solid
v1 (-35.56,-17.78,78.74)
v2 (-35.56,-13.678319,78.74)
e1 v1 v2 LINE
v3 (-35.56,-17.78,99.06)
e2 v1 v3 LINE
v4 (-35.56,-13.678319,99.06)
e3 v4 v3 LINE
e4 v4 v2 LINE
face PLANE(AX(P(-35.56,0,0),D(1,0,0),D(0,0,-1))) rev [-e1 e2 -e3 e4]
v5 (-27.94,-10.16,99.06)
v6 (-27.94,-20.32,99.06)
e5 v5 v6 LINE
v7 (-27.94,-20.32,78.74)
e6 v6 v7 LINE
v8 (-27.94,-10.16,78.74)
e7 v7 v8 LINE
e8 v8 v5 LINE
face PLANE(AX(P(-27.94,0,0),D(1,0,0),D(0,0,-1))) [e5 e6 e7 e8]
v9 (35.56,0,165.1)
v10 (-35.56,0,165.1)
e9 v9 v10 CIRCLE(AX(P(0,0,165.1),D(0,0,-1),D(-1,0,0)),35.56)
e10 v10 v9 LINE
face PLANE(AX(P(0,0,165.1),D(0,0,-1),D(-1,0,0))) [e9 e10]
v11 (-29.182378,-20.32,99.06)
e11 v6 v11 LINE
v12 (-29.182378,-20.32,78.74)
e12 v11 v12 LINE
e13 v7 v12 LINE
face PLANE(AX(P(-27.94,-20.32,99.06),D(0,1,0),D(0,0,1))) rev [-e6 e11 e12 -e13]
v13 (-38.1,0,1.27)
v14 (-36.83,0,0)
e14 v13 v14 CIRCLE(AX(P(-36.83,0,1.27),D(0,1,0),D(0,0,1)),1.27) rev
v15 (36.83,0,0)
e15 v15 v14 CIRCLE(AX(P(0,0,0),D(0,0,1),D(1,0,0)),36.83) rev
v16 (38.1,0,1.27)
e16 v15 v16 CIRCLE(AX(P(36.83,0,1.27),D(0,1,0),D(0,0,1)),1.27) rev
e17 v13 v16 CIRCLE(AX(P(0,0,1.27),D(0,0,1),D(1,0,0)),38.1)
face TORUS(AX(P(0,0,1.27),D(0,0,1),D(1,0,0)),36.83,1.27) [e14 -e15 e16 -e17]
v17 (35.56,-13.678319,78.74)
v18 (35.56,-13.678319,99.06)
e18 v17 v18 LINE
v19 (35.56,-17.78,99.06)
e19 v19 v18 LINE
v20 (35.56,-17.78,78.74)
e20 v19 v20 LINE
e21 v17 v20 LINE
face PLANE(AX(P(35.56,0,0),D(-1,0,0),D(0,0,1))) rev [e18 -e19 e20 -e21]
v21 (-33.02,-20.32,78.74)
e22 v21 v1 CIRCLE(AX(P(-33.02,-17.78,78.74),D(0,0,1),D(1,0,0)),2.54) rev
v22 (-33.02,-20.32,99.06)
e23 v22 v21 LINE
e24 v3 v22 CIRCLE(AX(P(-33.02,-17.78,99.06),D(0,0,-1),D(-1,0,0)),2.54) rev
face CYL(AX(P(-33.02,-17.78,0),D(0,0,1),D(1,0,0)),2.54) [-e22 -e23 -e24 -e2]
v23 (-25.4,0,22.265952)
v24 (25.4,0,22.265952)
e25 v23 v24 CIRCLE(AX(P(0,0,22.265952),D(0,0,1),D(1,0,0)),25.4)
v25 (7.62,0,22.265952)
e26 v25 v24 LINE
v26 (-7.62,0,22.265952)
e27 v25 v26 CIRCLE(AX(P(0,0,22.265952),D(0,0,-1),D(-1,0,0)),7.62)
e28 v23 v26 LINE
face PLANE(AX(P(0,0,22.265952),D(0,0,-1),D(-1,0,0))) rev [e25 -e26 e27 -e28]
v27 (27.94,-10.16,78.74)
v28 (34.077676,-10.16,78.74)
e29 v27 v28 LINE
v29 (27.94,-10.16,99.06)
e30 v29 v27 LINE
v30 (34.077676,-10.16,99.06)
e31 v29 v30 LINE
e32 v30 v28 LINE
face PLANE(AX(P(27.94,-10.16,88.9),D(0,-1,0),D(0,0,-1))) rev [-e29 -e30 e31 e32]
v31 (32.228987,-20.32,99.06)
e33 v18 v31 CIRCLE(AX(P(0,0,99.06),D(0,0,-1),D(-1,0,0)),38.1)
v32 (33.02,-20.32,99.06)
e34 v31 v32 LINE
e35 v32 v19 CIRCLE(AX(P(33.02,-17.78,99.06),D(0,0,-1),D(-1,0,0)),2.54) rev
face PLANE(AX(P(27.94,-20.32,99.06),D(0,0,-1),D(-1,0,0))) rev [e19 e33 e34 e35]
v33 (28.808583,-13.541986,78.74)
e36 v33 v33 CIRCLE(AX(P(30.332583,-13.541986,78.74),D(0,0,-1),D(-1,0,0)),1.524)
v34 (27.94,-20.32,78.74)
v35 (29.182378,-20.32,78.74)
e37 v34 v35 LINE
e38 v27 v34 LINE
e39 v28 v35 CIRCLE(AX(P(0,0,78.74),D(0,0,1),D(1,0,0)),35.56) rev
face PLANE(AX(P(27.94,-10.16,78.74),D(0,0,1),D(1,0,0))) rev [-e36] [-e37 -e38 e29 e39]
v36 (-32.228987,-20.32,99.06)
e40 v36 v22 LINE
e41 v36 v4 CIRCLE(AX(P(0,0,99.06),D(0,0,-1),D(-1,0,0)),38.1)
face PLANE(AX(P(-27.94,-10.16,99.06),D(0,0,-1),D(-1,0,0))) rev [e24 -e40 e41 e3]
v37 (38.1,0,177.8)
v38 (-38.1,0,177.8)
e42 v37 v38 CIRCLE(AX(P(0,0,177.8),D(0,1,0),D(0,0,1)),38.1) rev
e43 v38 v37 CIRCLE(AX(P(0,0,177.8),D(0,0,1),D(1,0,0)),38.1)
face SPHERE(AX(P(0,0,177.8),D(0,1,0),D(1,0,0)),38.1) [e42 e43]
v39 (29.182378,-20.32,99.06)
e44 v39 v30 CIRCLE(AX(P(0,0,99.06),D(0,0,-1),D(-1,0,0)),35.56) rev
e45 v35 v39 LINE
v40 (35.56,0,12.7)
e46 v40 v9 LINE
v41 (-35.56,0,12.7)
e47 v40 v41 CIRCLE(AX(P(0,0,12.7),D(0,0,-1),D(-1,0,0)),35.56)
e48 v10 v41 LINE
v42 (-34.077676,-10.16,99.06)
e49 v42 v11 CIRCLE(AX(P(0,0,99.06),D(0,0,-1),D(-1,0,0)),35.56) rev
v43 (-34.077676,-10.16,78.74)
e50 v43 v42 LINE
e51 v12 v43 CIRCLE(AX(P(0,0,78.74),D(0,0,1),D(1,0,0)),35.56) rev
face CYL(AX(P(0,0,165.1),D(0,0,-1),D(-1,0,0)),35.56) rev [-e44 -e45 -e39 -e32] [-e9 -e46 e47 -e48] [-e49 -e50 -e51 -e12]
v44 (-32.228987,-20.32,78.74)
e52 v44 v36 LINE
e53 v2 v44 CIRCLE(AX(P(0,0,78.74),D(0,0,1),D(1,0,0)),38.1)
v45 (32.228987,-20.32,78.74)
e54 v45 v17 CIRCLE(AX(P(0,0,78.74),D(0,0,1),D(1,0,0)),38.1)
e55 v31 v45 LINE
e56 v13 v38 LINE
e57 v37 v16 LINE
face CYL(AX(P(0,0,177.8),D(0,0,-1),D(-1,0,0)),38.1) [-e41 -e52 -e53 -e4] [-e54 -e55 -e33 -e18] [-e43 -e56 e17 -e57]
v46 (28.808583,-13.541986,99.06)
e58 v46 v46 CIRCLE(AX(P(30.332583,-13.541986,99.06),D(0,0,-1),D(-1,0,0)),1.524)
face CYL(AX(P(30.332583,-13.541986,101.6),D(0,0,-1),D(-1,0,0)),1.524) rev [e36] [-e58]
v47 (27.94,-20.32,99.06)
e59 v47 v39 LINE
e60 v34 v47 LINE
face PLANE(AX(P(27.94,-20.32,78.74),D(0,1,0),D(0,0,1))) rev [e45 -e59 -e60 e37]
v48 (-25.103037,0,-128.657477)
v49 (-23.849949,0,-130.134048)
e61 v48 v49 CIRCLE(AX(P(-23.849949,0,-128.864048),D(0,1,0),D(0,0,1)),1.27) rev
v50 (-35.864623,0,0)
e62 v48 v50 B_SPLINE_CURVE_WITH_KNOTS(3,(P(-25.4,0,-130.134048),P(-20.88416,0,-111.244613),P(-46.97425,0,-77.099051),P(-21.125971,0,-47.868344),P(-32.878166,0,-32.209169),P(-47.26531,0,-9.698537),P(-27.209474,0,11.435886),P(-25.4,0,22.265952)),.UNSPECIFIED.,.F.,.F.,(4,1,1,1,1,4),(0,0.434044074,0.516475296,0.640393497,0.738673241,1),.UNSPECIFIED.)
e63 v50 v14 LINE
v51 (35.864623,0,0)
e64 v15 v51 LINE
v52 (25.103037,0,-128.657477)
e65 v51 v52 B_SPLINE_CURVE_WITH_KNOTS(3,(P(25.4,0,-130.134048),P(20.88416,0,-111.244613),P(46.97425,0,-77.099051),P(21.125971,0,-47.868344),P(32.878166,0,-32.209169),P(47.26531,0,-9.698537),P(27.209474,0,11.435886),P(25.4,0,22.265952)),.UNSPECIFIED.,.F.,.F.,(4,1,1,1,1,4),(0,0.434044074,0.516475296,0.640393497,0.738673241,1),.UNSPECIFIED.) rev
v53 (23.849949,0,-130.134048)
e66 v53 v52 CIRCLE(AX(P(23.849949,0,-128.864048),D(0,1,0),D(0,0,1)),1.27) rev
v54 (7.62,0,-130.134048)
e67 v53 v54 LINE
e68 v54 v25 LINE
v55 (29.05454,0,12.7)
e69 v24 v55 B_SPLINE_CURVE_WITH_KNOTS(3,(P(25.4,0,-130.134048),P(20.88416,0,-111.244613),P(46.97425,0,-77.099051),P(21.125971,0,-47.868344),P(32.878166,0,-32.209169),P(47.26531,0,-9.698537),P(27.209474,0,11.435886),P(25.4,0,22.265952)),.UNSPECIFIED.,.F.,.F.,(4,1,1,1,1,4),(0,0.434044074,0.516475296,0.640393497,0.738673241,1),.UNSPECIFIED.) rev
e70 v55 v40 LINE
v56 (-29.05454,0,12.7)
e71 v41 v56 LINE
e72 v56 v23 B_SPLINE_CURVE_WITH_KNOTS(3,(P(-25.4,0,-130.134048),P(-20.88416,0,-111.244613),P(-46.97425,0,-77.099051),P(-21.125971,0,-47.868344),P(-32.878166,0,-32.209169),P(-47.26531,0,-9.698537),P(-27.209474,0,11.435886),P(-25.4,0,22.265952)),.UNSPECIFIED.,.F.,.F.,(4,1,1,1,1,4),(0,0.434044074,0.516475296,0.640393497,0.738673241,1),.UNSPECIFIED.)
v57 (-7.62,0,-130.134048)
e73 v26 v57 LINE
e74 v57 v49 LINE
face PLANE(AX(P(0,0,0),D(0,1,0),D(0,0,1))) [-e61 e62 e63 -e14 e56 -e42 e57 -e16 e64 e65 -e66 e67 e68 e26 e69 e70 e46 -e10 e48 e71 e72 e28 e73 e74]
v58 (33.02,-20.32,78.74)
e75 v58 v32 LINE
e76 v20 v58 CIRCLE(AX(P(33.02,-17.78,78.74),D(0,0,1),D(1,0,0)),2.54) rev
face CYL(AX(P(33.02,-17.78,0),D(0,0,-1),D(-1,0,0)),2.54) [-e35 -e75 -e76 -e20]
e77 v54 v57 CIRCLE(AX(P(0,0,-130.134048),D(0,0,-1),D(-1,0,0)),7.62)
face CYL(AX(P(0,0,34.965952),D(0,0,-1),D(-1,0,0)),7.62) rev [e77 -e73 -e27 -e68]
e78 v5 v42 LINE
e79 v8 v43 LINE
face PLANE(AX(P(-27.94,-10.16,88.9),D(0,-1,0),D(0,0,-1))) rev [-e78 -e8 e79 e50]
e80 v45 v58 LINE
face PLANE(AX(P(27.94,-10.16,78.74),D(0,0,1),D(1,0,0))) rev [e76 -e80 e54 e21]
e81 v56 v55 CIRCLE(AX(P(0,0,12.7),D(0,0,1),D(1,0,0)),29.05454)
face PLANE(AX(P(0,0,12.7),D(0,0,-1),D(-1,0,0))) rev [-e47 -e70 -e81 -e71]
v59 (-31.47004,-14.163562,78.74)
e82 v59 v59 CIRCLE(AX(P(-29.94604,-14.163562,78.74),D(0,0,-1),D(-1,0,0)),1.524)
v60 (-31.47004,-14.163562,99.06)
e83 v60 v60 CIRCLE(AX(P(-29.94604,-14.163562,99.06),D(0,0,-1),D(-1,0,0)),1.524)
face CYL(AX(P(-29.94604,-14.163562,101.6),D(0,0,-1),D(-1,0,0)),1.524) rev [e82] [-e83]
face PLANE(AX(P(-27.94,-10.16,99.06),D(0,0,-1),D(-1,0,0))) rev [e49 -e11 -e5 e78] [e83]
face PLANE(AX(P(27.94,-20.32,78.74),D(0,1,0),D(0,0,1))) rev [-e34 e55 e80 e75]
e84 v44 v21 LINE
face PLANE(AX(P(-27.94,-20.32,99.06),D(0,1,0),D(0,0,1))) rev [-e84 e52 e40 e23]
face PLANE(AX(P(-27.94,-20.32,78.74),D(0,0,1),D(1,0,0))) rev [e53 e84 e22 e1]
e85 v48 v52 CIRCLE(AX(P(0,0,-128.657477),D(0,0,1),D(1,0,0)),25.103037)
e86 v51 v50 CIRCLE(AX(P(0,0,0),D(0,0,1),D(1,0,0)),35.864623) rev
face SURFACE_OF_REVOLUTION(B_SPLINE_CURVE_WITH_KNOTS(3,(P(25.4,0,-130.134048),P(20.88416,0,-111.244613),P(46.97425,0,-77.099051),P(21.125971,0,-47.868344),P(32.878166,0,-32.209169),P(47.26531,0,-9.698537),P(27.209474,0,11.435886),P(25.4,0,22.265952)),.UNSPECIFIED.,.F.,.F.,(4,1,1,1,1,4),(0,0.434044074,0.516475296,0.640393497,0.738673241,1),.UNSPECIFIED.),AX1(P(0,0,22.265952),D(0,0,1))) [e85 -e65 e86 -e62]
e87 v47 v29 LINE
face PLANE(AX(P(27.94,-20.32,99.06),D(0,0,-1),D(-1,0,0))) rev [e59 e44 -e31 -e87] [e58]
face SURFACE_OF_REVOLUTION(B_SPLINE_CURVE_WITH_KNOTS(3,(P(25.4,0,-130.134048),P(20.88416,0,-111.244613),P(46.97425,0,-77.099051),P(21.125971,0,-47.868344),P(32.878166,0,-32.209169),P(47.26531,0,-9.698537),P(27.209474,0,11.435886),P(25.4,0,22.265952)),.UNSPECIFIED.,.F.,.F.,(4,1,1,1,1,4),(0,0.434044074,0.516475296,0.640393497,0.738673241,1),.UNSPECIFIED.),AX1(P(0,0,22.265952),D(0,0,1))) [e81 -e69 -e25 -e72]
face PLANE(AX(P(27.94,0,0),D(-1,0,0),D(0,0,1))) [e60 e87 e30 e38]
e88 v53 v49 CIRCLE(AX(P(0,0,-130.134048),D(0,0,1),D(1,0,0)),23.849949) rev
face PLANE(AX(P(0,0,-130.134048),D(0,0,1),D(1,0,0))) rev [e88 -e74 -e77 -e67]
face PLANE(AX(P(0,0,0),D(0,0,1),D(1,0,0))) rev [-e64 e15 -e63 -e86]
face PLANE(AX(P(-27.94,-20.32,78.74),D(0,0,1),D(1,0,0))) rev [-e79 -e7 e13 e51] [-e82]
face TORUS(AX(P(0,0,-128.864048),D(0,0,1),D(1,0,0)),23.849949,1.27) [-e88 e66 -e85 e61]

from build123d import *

# Parameters (mm, degrees)
SKETCH1_R           = 38.1
BOSS_EXTRUDE1_DEPTH = 177.80000000000007
SKETCH3_R           = 35.559999999999995
CUT_EXTRUDE1_DEPTH  = 152.4
FILLET2_R           = 1.27
FILLET3_R           = 1.27
SKETCH9_R           = 7.62
CUT_EXTRUDE2_DEPTH  = 165.1
SKETCH8_W           = 162.58314194957535
SKETCH8_H           = 382.9318112434521
CUT_EXTRUDE3_DEPTH  = 76.2
BOSS_EXTRUDE2_DEPTH = 7.619999999999988
SKETCH14_R          = 1.5239999999999987
CUT_EXTRUDE4_DEPTH  = 22.859999999999992
FILLET5_R           = 2.539999999999999
BOSS_EXTRUDE3_DEPTH = 7.619999999999988
FILLET6_R           = 2.539999999999999
SKETCH16_R          = 1.524000000000002
CUT_EXTRUDE5_DEPTH  = 22.859999999999992


with BuildPart() as part:
    # Sketch1 → Boss-Extrude1 (new body)
    with BuildSketch(Plane.XY):
        with Locations(Location((0, 0, 0), (0, 0, 180))):
            Circle(SKETCH1_R)
    extrude(amount=BOSS_EXTRUDE1_DEPTH)

    # Sketch2 → Revolve1 (revolve)
    with BuildSketch(Plane.XY.offset(177.80000000000007)):
        with BuildLine():
            Line((0, 38.1), (0, -38.1))
            ThreePointArc((0, -38.1), (-38.1, 4.67e-15), (0, 38.1))
        make_face()
    revolve(axis=Axis((0, 38.1, 177.80000000000007), (0, -1, 0)))

    # Sketch3 → Cut-Extrude1 (cut)
    with BuildSketch(Plane(origin=(0, 0, 12.7), x_dir=(-1, 0, 0), z_dir=(0, 0, -1))):
        Circle(SKETCH3_R)
    extrude(amount=-CUT_EXTRUDE1_DEPTH, mode=Mode.SUBTRACT)

    # Sketch6 → Revolve2 (revolve)
    with BuildSketch(Plane(origin=(0, 0, 0), x_dir=(-1, 0, 0), z_dir=(0, -1, 0))):
        with BuildLine():
            Line((0, -22.265951698074105), (0, 130.1340483019259))
            Line((0, 130.1340483019259), (-25.4, 130.1340483019259))
            add(Edge.make_bspline(
                [(-25.4, -22.265951698074105), (-27.209474215272646, -11.435886390625324), (-47.26531015507889, 9.698536893320565), (-32.8781656152221, 32.20916869017141), (-21.12597121495262, 47.868344338725585), (-46.9742504639721, 77.09905148430619), (-20.88415964856982, 111.24461293700098), (-25.4, 130.1340483019259)],
                knots=[0, 0, 0, 0, 0.261326759387534, 0.3596065034464086, 0.4835247043674423, 0.5659559263177129, 1, 1, 1, 1], degree=3))
            Line((-25.4, -22.265951698074105), (0, -22.265951698074105))
        make_face()
    revolve(axis=Axis((0, 0, 22.265951698074105), (0, 0, -1)))

    # Fillet2
    fillet2_edges = [part.edges().sort_by_distance(p)[0] for p in [
        (38.1, -9.33e-15, 0),
    ]]
    fillet(fillet2_edges, radius=FILLET2_R)

    # Fillet3
    fillet3_edges = [part.edges().sort_by_distance(p)[0] for p in [
        (-25.4, -3.11e-15, -130.1340483019259),
    ]]
    fillet(fillet3_edges, radius=FILLET3_R)

    # Sketch9 → Cut-Extrude2 (cut)
    with BuildSketch(Plane(origin=(0, 0, -130.1340483019259), x_dir=(-1, 0, 0), z_dir=(0, 0, -1))):
        Circle(SKETCH9_R)
    extrude(amount=-CUT_EXTRUDE2_DEPTH, mode=Mode.SUBTRACT)

    # Sketch8 → Cut-Extrude3 (cut)
    with BuildSketch(Plane(origin=(0, 0, 0), x_dir=(-1, 0, 0), z_dir=(0, -1, 0))):
        with Locations((4.054997145320982, -34.07619336508105)):
            Rectangle(SKETCH8_W, SKETCH8_H)
    extrude(amount=-CUT_EXTRUDE3_DEPTH, mode=Mode.SUBTRACT)

    # Sketch13 → Boss-Extrude2 (add)
    with BuildSketch(Plane(origin=(-35.559999999999995, 0, 0), x_dir=(0, 0, -1), z_dir=(1, 0, 0))):
        Polygon((-88.89999999999999, -10.159999999999995), (-99.06, -10.159999999999997), (-99.06, -20.319999999999997), (-78.74, -20.319999999999997), (-78.74, -10.159999999999995), align=None)
    extrude(amount=BOSS_EXTRUDE2_DEPTH)

    # Sketch14 → Cut-Extrude4 (cut)
    with BuildSketch(Plane(origin=(0, 0, 78.74), x_dir=(-1, 0, 0), z_dir=(0, 0, -1))):
        with Locations((29.94604004289414, -14.16356154450682)):
            Circle(SKETCH14_R)
    extrude(amount=-CUT_EXTRUDE4_DEPTH, mode=Mode.SUBTRACT)

    # Fillet5
    fillet5_edges = [part.edges().sort_by_distance(p)[0] for p in [
        (-35.559999999999995, -20.319999999999997, 88.9),
    ]]
    fillet(fillet5_edges, radius=FILLET5_R)

    # Sketch15 → Boss-Extrude3 (add)
    with BuildSketch(Plane.ZY.offset(-35.55999999999999)):
        Polygon((88.89999999999999, -10.159999999999995), (78.74, -10.159999999999997), (78.74, -20.319999999999997), (99.06, -20.319999999999997), (99.06, -10.159999999999995), align=None)
    extrude(amount=BOSS_EXTRUDE3_DEPTH)

    # Fillet6
    fillet6_edges = [part.edges().sort_by_distance(p)[0] for p in [
        (35.55999999999999, -20.319999999999997, 88.9),
    ]]
    fillet(fillet6_edges, radius=FILLET6_R)

    # Sketch16 → Cut-Extrude5 (cut)
    with BuildSketch(Plane(origin=(0, 0, 78.74), x_dir=(-1, 0, 0), z_dir=(0, 0, -1))):
        with Locations((-30.332583398218205, -13.54198617207203)):
            Circle(SKETCH16_R)
    extrude(amount=-CUT_EXTRUDE5_DEPTH, mode=Mode.SUBTRACT)


solid = part.part
